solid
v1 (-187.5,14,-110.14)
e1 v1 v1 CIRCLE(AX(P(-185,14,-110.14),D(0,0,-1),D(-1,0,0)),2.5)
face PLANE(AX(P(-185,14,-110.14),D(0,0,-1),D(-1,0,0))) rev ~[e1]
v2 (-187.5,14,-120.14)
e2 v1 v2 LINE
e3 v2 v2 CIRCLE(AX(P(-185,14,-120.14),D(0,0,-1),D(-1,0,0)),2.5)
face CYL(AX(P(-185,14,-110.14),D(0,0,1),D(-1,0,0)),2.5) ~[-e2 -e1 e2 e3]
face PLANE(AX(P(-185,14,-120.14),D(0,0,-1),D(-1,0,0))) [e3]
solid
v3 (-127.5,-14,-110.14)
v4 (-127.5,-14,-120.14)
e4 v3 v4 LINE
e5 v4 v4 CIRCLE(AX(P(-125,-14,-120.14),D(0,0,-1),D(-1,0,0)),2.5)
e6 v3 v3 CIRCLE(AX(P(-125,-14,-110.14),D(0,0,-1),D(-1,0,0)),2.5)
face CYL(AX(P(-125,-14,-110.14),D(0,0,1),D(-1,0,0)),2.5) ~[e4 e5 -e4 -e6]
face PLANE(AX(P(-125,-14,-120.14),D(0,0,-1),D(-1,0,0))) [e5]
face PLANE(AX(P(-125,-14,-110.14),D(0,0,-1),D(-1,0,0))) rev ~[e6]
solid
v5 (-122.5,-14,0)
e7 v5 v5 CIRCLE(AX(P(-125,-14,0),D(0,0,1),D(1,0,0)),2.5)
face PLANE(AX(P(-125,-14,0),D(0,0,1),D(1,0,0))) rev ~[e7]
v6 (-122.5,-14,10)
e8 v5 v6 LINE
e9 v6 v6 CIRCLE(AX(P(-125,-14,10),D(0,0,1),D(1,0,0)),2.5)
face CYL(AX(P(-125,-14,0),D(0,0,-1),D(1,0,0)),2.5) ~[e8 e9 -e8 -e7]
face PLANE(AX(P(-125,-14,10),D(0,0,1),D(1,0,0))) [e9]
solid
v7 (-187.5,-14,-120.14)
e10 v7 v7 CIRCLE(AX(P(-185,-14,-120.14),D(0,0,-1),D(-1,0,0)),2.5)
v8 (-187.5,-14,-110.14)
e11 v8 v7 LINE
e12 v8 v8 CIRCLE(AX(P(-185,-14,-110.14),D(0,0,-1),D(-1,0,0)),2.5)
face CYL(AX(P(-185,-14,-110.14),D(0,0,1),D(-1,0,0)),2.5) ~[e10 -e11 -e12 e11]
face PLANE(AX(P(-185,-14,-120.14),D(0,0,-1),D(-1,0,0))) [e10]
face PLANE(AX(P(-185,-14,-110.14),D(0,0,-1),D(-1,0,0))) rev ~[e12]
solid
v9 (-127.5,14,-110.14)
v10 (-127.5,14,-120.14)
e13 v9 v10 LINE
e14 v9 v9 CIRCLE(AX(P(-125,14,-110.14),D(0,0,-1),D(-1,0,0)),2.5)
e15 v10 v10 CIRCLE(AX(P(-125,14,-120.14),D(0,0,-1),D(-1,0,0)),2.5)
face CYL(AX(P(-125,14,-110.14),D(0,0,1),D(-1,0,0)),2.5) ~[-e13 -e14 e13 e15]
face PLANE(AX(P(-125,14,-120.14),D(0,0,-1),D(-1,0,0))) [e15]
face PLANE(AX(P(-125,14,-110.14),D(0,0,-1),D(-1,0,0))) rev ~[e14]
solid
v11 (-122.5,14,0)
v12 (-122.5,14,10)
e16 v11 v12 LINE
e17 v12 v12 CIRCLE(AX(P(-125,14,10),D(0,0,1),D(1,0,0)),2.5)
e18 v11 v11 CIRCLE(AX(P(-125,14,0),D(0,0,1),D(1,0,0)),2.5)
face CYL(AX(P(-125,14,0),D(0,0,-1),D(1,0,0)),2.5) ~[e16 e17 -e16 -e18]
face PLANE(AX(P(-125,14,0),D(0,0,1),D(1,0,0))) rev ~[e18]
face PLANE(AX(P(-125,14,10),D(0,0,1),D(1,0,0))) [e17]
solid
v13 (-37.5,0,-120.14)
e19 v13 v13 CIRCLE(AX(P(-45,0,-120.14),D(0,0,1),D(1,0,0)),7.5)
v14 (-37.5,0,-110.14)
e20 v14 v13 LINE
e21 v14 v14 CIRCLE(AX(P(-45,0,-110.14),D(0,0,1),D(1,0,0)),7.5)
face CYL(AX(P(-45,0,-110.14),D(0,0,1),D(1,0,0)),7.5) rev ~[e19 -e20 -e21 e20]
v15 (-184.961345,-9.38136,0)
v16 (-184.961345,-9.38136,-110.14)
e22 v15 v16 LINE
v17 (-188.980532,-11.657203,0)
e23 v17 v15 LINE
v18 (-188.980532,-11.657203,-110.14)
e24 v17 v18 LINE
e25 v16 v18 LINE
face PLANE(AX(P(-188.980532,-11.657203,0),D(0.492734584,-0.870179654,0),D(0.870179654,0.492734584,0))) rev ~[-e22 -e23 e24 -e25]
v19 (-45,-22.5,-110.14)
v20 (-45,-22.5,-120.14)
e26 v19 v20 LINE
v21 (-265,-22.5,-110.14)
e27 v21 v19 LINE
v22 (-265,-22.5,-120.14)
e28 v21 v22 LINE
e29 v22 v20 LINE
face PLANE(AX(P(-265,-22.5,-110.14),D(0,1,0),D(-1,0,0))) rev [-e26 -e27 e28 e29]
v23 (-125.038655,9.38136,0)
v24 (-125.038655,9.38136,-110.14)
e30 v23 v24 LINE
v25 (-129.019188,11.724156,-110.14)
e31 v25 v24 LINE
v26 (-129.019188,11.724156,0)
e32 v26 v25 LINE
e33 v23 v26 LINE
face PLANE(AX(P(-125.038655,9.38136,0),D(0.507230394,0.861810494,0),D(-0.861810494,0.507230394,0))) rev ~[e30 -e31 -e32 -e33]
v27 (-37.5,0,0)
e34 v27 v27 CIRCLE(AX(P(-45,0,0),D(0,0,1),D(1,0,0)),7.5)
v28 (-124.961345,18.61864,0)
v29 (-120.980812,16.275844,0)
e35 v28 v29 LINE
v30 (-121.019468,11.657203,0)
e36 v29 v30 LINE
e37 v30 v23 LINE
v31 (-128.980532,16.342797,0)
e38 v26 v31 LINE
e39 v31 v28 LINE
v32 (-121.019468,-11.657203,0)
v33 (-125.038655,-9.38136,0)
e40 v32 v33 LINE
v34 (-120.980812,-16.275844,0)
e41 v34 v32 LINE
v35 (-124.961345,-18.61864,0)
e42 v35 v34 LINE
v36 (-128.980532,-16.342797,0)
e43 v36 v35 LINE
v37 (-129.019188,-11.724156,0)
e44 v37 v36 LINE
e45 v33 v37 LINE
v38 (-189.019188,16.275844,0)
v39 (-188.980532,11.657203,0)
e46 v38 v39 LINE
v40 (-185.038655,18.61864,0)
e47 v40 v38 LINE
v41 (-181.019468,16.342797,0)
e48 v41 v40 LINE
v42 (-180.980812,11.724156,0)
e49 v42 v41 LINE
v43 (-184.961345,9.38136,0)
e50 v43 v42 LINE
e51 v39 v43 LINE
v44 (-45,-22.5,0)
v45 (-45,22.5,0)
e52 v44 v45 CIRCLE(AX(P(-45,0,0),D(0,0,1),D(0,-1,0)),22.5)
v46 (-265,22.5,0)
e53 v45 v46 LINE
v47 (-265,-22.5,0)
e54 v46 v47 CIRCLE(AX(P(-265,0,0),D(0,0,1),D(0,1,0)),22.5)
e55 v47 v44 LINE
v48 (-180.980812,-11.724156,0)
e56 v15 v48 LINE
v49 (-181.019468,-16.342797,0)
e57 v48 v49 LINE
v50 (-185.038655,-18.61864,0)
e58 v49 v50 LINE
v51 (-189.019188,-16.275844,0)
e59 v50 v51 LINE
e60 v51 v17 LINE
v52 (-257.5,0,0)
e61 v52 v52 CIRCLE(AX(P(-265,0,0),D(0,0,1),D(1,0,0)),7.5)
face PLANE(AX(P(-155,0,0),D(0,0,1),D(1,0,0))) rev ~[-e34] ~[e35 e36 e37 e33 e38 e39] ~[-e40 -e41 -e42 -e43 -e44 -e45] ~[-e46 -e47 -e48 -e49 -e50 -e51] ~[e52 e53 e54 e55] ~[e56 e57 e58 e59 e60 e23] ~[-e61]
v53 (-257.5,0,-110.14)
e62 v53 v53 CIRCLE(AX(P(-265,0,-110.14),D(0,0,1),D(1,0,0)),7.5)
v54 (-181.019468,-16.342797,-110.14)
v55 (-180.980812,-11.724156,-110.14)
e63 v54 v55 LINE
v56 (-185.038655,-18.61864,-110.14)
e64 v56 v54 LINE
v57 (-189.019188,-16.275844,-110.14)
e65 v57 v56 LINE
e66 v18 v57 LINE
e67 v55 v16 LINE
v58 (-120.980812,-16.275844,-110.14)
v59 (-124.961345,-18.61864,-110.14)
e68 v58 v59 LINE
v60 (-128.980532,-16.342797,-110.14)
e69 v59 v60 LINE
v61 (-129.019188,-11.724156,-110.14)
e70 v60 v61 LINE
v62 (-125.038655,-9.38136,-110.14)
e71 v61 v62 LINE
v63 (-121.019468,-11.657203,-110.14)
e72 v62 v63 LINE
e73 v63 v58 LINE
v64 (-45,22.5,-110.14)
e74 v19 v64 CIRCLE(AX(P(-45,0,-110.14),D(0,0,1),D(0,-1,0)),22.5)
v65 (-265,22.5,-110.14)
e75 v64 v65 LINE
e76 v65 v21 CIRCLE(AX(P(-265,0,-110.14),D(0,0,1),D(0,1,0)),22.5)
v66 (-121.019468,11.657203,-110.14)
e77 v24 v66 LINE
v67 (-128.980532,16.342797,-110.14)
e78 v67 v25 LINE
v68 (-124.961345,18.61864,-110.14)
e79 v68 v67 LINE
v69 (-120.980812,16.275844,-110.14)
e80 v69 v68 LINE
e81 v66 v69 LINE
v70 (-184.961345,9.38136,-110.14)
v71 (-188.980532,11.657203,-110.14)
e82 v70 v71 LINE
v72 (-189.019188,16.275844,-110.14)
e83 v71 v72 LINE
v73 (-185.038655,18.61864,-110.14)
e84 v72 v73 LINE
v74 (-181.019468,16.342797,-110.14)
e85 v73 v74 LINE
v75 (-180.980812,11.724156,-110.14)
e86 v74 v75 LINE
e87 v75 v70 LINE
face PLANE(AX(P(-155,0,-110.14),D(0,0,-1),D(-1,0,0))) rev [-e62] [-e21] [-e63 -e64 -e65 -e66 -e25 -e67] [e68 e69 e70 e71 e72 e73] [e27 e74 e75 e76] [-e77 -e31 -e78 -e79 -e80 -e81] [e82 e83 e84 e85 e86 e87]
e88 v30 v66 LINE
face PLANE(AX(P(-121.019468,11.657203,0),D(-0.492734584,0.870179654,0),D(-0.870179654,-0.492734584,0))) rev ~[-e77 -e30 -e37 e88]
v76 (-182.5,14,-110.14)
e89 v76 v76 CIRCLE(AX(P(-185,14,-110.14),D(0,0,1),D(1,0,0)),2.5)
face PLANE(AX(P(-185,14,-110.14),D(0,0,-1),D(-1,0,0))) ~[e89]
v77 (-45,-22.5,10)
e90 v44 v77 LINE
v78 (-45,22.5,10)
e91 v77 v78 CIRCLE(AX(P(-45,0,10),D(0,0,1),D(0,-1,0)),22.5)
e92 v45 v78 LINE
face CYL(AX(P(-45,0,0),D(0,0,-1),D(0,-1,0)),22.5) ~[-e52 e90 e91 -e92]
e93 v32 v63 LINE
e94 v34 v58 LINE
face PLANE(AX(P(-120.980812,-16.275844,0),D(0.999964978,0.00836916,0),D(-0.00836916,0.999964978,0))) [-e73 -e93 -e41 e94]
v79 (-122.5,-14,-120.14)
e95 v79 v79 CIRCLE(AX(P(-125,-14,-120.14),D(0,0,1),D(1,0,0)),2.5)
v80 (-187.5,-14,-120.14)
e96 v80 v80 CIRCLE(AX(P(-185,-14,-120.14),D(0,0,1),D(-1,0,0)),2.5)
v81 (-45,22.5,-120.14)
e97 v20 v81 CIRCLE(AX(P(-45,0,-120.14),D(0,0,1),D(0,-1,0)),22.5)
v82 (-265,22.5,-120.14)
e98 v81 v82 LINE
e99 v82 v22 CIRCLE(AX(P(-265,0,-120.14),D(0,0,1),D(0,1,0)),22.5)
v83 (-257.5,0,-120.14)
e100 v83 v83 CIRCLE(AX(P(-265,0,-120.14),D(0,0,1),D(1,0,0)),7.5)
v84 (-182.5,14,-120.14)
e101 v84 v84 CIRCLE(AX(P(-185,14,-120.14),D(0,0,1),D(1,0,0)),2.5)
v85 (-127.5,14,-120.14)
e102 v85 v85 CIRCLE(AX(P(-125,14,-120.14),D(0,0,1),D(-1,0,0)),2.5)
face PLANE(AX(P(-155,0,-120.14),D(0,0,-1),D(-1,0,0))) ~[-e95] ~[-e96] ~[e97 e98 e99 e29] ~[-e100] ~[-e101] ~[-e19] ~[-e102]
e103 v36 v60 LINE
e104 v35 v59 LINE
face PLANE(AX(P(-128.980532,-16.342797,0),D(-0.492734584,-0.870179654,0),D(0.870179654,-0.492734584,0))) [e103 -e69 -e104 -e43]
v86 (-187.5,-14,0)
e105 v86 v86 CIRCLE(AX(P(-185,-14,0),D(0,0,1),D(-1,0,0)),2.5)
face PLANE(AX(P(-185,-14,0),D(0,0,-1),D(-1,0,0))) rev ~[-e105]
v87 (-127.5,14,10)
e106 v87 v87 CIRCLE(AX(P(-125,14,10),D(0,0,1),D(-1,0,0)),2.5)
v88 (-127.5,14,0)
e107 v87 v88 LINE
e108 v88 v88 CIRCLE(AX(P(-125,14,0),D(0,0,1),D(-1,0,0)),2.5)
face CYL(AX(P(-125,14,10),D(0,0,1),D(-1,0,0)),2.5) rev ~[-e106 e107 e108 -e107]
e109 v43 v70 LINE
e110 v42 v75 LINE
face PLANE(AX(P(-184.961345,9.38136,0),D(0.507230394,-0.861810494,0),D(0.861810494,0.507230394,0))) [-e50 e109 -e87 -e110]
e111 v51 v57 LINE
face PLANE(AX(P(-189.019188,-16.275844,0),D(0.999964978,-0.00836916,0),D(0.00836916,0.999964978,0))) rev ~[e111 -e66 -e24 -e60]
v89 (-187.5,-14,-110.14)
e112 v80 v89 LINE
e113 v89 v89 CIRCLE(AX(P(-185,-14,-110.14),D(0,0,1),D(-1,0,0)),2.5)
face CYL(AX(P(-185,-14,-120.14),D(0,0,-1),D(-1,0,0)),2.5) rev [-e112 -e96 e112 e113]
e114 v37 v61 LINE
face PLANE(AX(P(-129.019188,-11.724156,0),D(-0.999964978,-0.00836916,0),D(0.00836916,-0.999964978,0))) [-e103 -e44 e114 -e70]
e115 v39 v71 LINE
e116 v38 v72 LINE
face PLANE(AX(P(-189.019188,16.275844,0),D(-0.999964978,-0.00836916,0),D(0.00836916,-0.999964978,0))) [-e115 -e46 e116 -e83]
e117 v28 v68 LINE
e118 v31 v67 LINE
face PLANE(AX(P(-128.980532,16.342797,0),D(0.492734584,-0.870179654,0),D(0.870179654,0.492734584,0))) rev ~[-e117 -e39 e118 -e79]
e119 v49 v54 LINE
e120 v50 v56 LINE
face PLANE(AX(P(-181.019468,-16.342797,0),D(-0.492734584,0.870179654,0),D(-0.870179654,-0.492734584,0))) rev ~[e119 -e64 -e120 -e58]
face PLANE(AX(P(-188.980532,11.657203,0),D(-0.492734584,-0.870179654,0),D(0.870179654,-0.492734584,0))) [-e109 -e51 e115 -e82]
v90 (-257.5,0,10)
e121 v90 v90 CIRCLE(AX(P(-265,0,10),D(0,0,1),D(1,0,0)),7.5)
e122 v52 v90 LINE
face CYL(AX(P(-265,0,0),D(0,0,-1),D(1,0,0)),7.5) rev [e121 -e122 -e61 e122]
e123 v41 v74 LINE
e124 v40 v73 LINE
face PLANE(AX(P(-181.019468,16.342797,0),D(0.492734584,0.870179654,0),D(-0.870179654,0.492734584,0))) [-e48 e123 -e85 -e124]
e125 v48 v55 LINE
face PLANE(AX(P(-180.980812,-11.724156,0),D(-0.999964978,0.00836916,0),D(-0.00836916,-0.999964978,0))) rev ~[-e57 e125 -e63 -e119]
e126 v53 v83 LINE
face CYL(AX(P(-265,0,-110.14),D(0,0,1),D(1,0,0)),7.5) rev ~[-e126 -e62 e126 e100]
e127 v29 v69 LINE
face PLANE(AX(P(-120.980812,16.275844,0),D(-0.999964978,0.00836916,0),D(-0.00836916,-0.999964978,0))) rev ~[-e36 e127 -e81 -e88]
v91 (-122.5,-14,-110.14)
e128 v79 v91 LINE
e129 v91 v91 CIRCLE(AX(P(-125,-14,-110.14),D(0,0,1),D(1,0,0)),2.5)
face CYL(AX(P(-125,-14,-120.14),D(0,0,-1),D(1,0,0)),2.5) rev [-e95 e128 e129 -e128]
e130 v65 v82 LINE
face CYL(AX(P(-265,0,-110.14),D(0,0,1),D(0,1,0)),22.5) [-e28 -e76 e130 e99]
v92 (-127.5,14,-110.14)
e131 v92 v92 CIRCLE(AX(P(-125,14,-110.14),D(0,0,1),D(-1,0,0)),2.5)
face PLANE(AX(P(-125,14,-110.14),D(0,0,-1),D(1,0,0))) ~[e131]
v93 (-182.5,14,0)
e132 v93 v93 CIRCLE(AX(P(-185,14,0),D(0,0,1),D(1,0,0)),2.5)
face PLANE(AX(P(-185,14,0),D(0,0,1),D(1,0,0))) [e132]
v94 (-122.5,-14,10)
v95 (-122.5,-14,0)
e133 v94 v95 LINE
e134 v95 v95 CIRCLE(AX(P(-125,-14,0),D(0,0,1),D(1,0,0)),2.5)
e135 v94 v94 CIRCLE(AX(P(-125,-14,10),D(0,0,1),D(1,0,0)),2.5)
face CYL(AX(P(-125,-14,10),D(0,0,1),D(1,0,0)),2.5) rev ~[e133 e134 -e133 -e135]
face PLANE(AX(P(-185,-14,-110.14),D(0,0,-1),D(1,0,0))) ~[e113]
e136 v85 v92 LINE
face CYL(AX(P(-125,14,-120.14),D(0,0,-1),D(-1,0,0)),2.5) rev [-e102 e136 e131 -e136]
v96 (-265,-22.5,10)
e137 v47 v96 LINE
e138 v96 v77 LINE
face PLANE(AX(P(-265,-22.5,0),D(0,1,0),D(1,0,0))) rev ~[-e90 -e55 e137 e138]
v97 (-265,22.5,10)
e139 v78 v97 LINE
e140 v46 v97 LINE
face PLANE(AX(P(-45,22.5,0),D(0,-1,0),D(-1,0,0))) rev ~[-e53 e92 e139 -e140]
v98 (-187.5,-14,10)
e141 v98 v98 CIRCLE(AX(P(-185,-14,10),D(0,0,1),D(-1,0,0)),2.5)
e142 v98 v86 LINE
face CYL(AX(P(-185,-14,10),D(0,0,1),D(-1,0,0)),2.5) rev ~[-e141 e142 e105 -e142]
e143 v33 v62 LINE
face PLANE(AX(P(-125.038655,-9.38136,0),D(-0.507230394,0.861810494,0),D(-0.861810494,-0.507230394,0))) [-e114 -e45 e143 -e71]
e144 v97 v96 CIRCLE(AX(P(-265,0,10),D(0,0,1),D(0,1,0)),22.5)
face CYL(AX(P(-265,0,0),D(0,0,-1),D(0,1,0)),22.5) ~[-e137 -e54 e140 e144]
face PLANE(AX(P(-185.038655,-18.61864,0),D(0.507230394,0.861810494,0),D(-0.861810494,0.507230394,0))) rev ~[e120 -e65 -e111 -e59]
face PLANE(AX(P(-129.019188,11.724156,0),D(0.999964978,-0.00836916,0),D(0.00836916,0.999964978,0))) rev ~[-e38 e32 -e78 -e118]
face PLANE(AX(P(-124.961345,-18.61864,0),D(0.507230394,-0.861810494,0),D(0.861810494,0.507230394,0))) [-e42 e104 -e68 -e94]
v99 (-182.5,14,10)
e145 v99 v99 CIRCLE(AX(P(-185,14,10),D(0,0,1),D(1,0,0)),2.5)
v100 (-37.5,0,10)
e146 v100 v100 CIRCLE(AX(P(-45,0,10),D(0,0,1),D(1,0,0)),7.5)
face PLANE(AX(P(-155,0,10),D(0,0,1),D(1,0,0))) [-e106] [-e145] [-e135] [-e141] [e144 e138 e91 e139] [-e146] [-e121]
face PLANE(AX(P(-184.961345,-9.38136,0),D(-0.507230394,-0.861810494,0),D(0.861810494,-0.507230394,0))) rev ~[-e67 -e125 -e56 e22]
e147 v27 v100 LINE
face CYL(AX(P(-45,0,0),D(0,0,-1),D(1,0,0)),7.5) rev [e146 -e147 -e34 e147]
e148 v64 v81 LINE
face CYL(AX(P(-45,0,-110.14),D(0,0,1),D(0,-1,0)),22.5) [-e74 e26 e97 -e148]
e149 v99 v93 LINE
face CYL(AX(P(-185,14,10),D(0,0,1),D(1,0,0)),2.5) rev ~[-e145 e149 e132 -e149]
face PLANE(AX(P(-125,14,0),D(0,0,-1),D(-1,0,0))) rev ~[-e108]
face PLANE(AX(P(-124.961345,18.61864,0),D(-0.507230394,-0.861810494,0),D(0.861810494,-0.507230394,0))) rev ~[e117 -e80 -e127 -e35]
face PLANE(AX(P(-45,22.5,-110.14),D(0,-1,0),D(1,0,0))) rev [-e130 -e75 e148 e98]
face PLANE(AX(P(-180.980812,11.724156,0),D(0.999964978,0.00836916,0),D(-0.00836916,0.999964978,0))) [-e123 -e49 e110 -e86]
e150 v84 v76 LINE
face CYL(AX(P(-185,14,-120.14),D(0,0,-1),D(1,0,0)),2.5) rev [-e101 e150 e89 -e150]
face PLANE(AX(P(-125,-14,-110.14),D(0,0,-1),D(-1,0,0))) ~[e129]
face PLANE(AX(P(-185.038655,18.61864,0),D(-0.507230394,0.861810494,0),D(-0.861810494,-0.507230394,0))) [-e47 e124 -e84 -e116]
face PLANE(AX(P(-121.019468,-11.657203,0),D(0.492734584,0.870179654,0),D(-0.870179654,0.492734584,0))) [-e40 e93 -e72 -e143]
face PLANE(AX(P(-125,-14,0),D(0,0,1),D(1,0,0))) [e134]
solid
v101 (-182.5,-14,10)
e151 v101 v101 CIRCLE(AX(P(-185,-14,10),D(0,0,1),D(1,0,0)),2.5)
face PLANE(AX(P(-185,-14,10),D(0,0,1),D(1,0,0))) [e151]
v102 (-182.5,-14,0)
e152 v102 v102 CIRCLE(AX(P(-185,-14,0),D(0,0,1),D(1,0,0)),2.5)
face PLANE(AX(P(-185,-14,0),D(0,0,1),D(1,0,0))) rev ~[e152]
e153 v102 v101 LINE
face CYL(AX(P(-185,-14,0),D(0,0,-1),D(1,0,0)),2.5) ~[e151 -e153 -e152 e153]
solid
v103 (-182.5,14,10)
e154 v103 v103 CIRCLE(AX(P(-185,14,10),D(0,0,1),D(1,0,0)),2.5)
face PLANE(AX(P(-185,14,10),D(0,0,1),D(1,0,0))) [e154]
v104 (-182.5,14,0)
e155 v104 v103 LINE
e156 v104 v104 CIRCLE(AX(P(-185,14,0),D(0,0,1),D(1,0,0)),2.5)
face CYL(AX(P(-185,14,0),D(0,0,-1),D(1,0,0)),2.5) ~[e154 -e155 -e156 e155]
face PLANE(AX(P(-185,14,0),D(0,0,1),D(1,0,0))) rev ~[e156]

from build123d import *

# Parameters (mm, degrees)
SKETCH1_R             = 7.5
BOSS_EXTRUDE1_DEPTH   = 10
SKETCH2_R             = 2.5
CUT_EXTRUDE1_DEPTH    = 10
BOSS_EXTRUDE3_DEPTH   = 120.14
SKETCH5_R             = 2.5
BOSS_EXTRUDE4_DEPTH   = 10
BOSS_EXTRUDE4_2_DEPTH = 10
BOSS_EXTRUDE4_3_DEPTH = 10
BOSS_EXTRUDE4_4_DEPTH = 10
SKETCH6_R             = 2.5
BOSS_EXTRUDE6_DEPTH   = 10
BOSS_EXTRUDE6_2_DEPTH = 10
BOSS_EXTRUDE6_3_DEPTH = 10
BOSS_EXTRUDE6_4_DEPTH = 10


with BuildPart() as part:
    # Sketch1 → Boss-Extrude1 (new body)
    with BuildSketch(Plane.XY):
        with BuildLine():
            Line((-45, 22.5), (-265, 22.5))
            ThreePointArc((-265, 22.5), (-287.5, 0), (-265, -22.5))
            Line((-265, -22.5), (-45, -22.5))
            ThreePointArc((-45, -22.5), (-22.5, 0), (-45, 22.5))
        make_face()
        with Locations((-45, 0)):
            Circle(SKETCH1_R, mode=Mode.SUBTRACT)
        with Locations((-265, 0)):
            Circle(SKETCH1_R, mode=Mode.SUBTRACT)
    boss_extrude1 = extrude(amount=BOSS_EXTRUDE1_DEPTH)

    # Sketch2 → Cut-Extrude1 (cut)
    with BuildSketch(Plane.XY.offset(10)):
        with Locations((-185, 14)):
            Circle(SKETCH2_R)
        with Locations(Location((-125, 14, 0), (0, 0, 180))):
            Circle(SKETCH2_R)
        with Locations(Location((-185, -14, 0), (0, 0, 180))):
            Circle(SKETCH2_R)
        with Locations((-125, -14)):
            Circle(SKETCH2_R)
    cut_extrude1 = extrude(amount=-CUT_EXTRUDE1_DEPTH, mode=Mode.SUBTRACT)

    # Sketch4 → Boss-Extrude3 (add)
    with BuildSketch(Plane(origin=(0, 0, 0), x_dir=(-1, 0, 0), z_dir=(0, 0, -1))):
        Polygon((129.019187659, 11.724156444), (128.980532164, 16.342796837), (124.961344505, 18.618640394), (120.980812341, 16.275843556), (121.019467836, 11.657203163), (125.038655495, 9.381359606), align=None)
        Polygon((184.961344505, 9.381359606), (180.980812341, 11.724156444), (181.019467836, 16.342796837), (185.038655495, 18.618640394), (189.019187659, 16.275843556), (188.980532164, 11.657203163), align=None)
        Polygon((121.019467836, -11.657203163), (125.038655495, -9.381359606), (129.019187659, -11.724156444), (128.980532164, -16.342796837), (124.961344505, -18.618640394), (120.980812341, -16.275843556), align=None)
        Polygon((180.980812341, -11.724156444), (181.019467836, -16.342796837), (185.038655495, -18.618640394), (189.019187659, -16.275843556), (188.980532164, -11.657203163), (184.961344505, -9.381359606), align=None)
    extrude(amount=BOSS_EXTRUDE3_DEPTH)

    # Mirror6: Boss-Extrude1, Cut-Extrude1 across plane
    add(boss_extrude1.mirror(Plane(origin=(0, 0, -55.07), x_dir=(1, 0, 0), z_dir=(0, 0, -1))))
    add(cut_extrude1.mirror(Plane(origin=(0, 0, -55.07), x_dir=(1, 0, 0), z_dir=(0, 0, -1))), mode=Mode.SUBTRACT)


with BuildPart() as body_2:
    # Sketch5 → Boss-Extrude4 (new body)
    with BuildSketch(Plane.XY):
        with Locations((-125, 14)):
            Circle(SKETCH5_R)
    extrude(amount=BOSS_EXTRUDE4_DEPTH)


with BuildPart() as body_3:
    # Sketch5 → Boss-Extrude4 2 (new body)
    with BuildSketch(Plane.XY):
        with Locations((-185, 14)):
            Circle(SKETCH5_R)
    extrude(amount=BOSS_EXTRUDE4_2_DEPTH)


with BuildPart() as body_4:
    # Sketch5 → Boss-Extrude4 3 (new body)
    with BuildSketch(Plane.XY):
        with Locations((-125, -14)):
            Circle(SKETCH5_R)
    extrude(amount=BOSS_EXTRUDE4_3_DEPTH)


with BuildPart() as body_5:
    # Sketch5 → Boss-Extrude4 4 (new body)
    with BuildSketch(Plane.XY):
        with Locations((-185, -14)):
            Circle(SKETCH5_R)
    extrude(amount=BOSS_EXTRUDE4_4_DEPTH)


with BuildPart() as body_6:
    # Sketch6 → Boss-Extrude6 (new body)
    with BuildSketch(Plane(origin=(0, 0, -110.14), x_dir=(-1, 0, 0), z_dir=(0, 0, -1))):
        with Locations((185, -14)):
            Circle(SKETCH6_R)
    extrude(amount=BOSS_EXTRUDE6_DEPTH)


with BuildPart() as body_7:
    # Sketch6 → Boss-Extrude6 2 (new body)
    with BuildSketch(Plane(origin=(0, 0, -110.14), x_dir=(-1, 0, 0), z_dir=(0, 0, -1))):
        with Locations((185, 14)):
            Circle(SKETCH6_R)
    extrude(amount=BOSS_EXTRUDE6_2_DEPTH)


with BuildPart() as body_8:
    # Sketch6 → Boss-Extrude6 3 (new body)
    with BuildSketch(Plane(origin=(0, 0, -110.14), x_dir=(-1, 0, 0), z_dir=(0, 0, -1))):
        with Locations((125, 14)):
            Circle(SKETCH6_R)
    extrude(amount=BOSS_EXTRUDE6_3_DEPTH)


with BuildPart() as body_9:
    # Sketch6 → Boss-Extrude6 4 (new body)
    with BuildSketch(Plane(origin=(0, 0, -110.14), x_dir=(-1, 0, 0), z_dir=(0, 0, -1))):
        with Locations((125, -14)):
            Circle(SKETCH6_R)
    extrude(amount=BOSS_EXTRUDE6_4_DEPTH)


solid = Compound([part.part, body_2.part, body_3.part, body_4.part, body_5.part, body_6.part, body_7.part, body_8.part, body_9.part])
